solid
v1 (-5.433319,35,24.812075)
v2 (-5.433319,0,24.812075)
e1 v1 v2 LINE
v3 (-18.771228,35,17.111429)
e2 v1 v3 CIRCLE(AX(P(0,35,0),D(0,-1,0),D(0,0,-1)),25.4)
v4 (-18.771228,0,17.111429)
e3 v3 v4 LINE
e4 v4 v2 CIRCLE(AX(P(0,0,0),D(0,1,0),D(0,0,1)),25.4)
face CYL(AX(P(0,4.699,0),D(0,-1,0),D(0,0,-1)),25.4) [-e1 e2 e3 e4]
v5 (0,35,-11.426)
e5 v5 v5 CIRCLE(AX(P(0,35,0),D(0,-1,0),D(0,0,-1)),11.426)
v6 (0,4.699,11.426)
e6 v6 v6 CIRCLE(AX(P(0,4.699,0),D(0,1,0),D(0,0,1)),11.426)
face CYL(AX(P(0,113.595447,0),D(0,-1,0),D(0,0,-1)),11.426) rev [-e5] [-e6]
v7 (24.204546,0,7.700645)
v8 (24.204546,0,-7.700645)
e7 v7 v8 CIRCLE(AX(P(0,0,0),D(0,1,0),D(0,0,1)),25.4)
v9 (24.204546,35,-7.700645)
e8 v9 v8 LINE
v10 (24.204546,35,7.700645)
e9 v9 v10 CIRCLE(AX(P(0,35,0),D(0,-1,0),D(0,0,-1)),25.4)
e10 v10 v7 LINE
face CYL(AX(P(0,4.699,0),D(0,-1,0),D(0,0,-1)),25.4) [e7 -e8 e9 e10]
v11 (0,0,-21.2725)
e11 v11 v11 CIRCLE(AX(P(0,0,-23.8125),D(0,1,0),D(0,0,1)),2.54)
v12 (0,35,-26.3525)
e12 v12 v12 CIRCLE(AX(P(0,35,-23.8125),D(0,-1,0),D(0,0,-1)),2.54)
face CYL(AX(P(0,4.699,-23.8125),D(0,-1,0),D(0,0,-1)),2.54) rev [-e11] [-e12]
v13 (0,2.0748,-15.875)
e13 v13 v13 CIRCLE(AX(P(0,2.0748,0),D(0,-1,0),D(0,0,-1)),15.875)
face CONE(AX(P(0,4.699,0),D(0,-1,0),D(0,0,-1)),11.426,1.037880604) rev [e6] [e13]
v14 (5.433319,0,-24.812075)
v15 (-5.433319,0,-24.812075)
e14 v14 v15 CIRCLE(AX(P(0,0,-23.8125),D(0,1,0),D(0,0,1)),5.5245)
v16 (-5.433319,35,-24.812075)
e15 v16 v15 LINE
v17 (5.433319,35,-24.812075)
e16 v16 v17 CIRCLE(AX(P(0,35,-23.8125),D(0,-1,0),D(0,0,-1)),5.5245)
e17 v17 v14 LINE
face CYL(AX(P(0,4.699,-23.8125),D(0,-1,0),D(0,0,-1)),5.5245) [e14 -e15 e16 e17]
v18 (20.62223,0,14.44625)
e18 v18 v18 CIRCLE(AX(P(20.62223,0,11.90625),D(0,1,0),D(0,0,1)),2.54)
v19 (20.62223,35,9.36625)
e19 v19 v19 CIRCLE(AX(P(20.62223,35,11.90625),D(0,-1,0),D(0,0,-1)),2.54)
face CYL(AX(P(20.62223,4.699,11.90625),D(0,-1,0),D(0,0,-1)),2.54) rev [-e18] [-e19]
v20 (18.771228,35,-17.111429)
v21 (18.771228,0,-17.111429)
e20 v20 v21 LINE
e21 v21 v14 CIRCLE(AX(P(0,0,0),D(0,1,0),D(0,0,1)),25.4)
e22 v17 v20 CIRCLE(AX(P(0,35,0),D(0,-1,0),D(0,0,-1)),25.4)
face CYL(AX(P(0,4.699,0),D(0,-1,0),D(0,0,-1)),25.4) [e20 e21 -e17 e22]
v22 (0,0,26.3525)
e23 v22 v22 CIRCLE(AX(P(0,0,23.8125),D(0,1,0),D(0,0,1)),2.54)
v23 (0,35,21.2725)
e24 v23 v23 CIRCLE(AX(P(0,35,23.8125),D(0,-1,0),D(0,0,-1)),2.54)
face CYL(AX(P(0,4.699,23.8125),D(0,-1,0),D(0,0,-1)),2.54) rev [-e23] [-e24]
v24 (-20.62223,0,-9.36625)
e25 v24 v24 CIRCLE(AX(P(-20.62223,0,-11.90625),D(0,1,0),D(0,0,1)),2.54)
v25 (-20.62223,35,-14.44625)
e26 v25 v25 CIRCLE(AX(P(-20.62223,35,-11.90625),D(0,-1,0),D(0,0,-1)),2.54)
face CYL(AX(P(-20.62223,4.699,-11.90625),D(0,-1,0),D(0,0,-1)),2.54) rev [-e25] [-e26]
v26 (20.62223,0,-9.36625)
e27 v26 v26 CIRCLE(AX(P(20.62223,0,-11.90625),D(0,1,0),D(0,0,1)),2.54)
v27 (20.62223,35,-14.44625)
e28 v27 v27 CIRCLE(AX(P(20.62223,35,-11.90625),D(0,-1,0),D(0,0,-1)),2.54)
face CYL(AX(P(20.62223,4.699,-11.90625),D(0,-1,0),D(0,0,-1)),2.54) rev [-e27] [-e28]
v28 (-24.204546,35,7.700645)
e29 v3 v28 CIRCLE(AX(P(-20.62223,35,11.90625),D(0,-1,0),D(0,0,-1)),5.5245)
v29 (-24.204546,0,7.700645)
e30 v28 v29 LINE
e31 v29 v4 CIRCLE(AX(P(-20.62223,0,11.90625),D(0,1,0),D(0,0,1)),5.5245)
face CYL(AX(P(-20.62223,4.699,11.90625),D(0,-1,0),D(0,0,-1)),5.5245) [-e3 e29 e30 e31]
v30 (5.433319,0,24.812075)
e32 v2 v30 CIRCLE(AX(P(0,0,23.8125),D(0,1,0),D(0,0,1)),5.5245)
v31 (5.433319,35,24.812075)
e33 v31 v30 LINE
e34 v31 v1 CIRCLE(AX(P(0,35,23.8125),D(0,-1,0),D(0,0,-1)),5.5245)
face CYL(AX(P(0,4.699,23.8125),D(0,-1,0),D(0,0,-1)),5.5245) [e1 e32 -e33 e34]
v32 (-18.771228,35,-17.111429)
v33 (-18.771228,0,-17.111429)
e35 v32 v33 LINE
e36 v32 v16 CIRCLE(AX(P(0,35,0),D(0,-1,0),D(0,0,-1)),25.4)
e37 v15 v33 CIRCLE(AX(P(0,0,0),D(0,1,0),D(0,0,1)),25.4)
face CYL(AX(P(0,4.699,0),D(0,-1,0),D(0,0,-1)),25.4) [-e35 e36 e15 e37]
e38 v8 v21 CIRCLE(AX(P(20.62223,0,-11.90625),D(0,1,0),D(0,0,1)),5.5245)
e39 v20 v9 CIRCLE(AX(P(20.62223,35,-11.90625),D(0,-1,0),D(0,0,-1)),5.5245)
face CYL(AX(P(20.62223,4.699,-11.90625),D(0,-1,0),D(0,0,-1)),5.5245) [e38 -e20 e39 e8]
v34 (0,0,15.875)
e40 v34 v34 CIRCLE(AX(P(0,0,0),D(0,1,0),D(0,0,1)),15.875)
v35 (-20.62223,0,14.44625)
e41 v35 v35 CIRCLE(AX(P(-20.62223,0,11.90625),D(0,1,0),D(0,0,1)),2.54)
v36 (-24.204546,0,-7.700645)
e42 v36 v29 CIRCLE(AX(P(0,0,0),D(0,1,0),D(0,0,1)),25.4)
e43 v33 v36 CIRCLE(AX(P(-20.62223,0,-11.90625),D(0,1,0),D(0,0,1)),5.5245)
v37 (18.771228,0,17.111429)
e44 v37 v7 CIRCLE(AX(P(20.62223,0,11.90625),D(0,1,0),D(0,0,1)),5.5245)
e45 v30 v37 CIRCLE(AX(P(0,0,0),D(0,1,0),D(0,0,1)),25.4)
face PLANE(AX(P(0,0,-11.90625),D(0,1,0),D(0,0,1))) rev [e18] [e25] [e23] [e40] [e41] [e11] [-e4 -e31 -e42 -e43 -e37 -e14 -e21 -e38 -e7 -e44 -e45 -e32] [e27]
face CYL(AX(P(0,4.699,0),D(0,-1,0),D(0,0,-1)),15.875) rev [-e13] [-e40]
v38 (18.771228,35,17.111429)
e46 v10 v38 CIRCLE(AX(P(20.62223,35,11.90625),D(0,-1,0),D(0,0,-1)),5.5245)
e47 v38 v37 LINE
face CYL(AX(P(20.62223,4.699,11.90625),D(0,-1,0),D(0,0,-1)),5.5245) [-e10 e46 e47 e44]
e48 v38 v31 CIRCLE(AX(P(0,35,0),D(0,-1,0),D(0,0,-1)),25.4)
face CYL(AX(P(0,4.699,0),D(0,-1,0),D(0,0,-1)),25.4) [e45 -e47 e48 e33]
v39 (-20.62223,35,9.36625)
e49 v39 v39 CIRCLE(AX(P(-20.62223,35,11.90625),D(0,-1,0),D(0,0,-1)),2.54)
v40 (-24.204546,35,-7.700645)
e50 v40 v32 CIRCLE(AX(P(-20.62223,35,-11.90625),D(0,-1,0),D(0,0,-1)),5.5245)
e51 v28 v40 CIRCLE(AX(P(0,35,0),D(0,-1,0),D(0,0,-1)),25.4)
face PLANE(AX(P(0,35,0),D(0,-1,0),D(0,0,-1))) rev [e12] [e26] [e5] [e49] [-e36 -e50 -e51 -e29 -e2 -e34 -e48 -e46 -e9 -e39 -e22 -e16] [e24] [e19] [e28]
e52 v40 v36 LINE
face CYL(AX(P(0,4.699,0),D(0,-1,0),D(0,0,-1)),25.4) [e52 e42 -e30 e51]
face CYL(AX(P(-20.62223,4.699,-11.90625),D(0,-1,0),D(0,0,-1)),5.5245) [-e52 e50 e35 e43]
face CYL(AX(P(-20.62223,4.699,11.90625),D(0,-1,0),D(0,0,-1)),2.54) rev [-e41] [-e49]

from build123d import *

# Parameters (mm, degrees)
SKETCH1_R           = 2.54
SKETCH1_R_2         = 15.875
BOSS_EXTRUDE1_DEPTH = 4.699
SKETCH2_R           = 11.426
SKETCH2_R_2         = 2.54
BOSS_EXTRUDE2_DEPTH = 30.301


with BuildPart() as part:
    # Sketch1 → Boss-Extrude1 (new body)
    with BuildSketch(Plane(origin=(0, 0, 0), x_dir=(1, 0, 0), z_dir=(0, 1, 0))):
        with BuildLine():
            ThreePointArc((-5.433318575, 24.812074667), (-12.7, 21.997045256), (-18.771227695, 17.111429246))
            ThreePointArc((-18.771227695, 17.111429246), (-25.406587271, 14.6685), (-24.204546269, 7.700645421))
            ThreePointArc((-24.204546269, 7.700645421), (-25.4, 0), (-24.204546269, -7.700645421))
            ThreePointArc((-24.204546269, -7.700645421), (-25.406587271, -14.6685), (-18.771227695, -17.111429246))
            ThreePointArc((-18.771227695, -17.111429246), (-12.7, -21.997045256), (-5.433318575, -24.812074667))
            ThreePointArc((-5.433318575, -24.812074667), (0, -29.337), (5.433318575, -24.812074667))
            ThreePointArc((5.433318575, -24.812074667), (12.7, -21.997045256), (18.771227695, -17.111429246))
            ThreePointArc((18.771227695, -17.111429246), (25.406587271, -14.6685), (24.204546269, -7.700645421))
            ThreePointArc((24.204546269, -7.700645421), (25.4, 0), (24.204546269, 7.700645421))
            ThreePointArc((24.204546269, 7.700645421), (25.406587271, 14.6685), (18.771227695, 17.111429246))
            ThreePointArc((18.771227695, 17.111429246), (12.7, 21.997045256), (5.433318575, 24.812074667))
            ThreePointArc((5.433318575, 24.812074667), (0, 29.337), (-5.433318575, 24.812074667))
        make_face()
        with Locations(Location((0, 23.8125, 0), (0, 0, 270))):
            Circle(SKETCH1_R, mode=Mode.SUBTRACT)
        with Locations(Location((20.622229928, 11.90625, 0), (0, 0, 270))):
            Circle(SKETCH1_R, mode=Mode.SUBTRACT)
        with Locations(Location((20.622229928, -11.90625, 0), (0, 0, 270))):
            Circle(SKETCH1_R, mode=Mode.SUBTRACT)
        with Locations(Location((0, -23.8125, 0), (0, 0, 270))):
            Circle(SKETCH1_R, mode=Mode.SUBTRACT)
        with Locations(Location((-20.622229928, -11.90625, 0), (0, 0, 270))):
            Circle(SKETCH1_R, mode=Mode.SUBTRACT)
        with Locations(Location((-20.622229928, 11.90625, 0), (0, 0, 270))):
            Circle(SKETCH1_R, mode=Mode.SUBTRACT)
        with Locations(Location((0, 0, 0), (0, 0, 270))):
            Circle(SKETCH1_R_2, mode=Mode.SUBTRACT)
    extrude(amount=BOSS_EXTRUDE1_DEPTH)

    # Sketch2 → Boss-Extrude2 (add)
    with BuildSketch(Plane(origin=(0, 4.699, 0), x_dir=(1, 0, 0), z_dir=(0, 1, 0))):
        with BuildLine():
            ThreePointArc((-18.771227695, 17.111429246), (-25.406587271, 14.6685), (-24.204546269, 7.700645421))
            ThreePointArc((-24.204546269, 7.700645421), (-25.4, 0), (-24.204546269, -7.700645421))
            ThreePointArc((-24.204546269, -7.700645421), (-25.406587271, -14.6685), (-18.771227695, -17.111429246))
            ThreePointArc((-18.771227695, -17.111429246), (-12.7, -21.997045256), (-5.433318575, -24.812074667))
            ThreePointArc((-5.433318575, -24.812074667), (0, -29.337), (5.433318575, -24.812074667))
            ThreePointArc((5.433318575, -24.812074667), (12.7, -21.997045256), (18.771227695, -17.111429246))
            ThreePointArc((18.771227695, -17.111429246), (25.406587271, -14.6685), (24.204546269, -7.700645421))
            ThreePointArc((24.204546269, -7.700645421), (25.4, 0), (24.204546269, 7.700645421))
            ThreePointArc((24.204546269, 7.700645421), (25.406587271, 14.6685), (18.771227695, 17.111429246))
            ThreePointArc((18.771227695, 17.111429246), (12.7, 21.997045256), (5.433318575, 24.812074667))
            ThreePointArc((5.433318575, 24.812074667), (0, 29.337), (-5.433318575, 24.812074667))
            ThreePointArc((-5.433318575, 24.812074667), (-12.7, 21.997045256), (-18.771227695, 17.111429246))
        make_face()
        with Locations(Location((0, 0, 0), (0, 0, 90))):
            Circle(SKETCH2_R, mode=Mode.SUBTRACT)
        with Locations(Location((20.622229928, -11.90625, 0), (0, 0, 90))):
            Circle(SKETCH2_R_2, mode=Mode.SUBTRACT)
        with Locations(Location((20.622229928, 11.90625, 0), (0, 0, 90))):
            Circle(SKETCH2_R_2, mode=Mode.SUBTRACT)
        with Locations(Location((0, 23.8125, 0), (0, 0, 90))):
            Circle(SKETCH2_R_2, mode=Mode.SUBTRACT)
        with Locations(Location((-20.622229928, 11.90625, 0), (0, 0, 90))):
            Circle(SKETCH2_R_2, mode=Mode.SUBTRACT)
        with Locations(Location((-20.622229928, -11.90625, 0), (0, 0, 90))):
            Circle(SKETCH2_R_2, mode=Mode.SUBTRACT)
        with Locations(Location((0, -23.8125, 0), (0, 0, 90))):
            Circle(SKETCH2_R_2, mode=Mode.SUBTRACT)
    extrude(amount=BOSS_EXTRUDE2_DEPTH)

    # Sketch3 → Revolve1 (revolve)
    with BuildSketch(Plane.XY, mode=Mode.PRIVATE) as revolve1_sk:
        Polygon((18.415, 2.0748), (18.415, 4.699), (11.426, 4.699), (15.875, 2.0748), align=None)
    revolve(revolve1_sk.sketch.rotate(Axis((0, -0.263075, 0), (0, 1, 0)), 90), axis=Axis((0, -0.263075, 0), (0, 1, 0)))


solid = part.part
